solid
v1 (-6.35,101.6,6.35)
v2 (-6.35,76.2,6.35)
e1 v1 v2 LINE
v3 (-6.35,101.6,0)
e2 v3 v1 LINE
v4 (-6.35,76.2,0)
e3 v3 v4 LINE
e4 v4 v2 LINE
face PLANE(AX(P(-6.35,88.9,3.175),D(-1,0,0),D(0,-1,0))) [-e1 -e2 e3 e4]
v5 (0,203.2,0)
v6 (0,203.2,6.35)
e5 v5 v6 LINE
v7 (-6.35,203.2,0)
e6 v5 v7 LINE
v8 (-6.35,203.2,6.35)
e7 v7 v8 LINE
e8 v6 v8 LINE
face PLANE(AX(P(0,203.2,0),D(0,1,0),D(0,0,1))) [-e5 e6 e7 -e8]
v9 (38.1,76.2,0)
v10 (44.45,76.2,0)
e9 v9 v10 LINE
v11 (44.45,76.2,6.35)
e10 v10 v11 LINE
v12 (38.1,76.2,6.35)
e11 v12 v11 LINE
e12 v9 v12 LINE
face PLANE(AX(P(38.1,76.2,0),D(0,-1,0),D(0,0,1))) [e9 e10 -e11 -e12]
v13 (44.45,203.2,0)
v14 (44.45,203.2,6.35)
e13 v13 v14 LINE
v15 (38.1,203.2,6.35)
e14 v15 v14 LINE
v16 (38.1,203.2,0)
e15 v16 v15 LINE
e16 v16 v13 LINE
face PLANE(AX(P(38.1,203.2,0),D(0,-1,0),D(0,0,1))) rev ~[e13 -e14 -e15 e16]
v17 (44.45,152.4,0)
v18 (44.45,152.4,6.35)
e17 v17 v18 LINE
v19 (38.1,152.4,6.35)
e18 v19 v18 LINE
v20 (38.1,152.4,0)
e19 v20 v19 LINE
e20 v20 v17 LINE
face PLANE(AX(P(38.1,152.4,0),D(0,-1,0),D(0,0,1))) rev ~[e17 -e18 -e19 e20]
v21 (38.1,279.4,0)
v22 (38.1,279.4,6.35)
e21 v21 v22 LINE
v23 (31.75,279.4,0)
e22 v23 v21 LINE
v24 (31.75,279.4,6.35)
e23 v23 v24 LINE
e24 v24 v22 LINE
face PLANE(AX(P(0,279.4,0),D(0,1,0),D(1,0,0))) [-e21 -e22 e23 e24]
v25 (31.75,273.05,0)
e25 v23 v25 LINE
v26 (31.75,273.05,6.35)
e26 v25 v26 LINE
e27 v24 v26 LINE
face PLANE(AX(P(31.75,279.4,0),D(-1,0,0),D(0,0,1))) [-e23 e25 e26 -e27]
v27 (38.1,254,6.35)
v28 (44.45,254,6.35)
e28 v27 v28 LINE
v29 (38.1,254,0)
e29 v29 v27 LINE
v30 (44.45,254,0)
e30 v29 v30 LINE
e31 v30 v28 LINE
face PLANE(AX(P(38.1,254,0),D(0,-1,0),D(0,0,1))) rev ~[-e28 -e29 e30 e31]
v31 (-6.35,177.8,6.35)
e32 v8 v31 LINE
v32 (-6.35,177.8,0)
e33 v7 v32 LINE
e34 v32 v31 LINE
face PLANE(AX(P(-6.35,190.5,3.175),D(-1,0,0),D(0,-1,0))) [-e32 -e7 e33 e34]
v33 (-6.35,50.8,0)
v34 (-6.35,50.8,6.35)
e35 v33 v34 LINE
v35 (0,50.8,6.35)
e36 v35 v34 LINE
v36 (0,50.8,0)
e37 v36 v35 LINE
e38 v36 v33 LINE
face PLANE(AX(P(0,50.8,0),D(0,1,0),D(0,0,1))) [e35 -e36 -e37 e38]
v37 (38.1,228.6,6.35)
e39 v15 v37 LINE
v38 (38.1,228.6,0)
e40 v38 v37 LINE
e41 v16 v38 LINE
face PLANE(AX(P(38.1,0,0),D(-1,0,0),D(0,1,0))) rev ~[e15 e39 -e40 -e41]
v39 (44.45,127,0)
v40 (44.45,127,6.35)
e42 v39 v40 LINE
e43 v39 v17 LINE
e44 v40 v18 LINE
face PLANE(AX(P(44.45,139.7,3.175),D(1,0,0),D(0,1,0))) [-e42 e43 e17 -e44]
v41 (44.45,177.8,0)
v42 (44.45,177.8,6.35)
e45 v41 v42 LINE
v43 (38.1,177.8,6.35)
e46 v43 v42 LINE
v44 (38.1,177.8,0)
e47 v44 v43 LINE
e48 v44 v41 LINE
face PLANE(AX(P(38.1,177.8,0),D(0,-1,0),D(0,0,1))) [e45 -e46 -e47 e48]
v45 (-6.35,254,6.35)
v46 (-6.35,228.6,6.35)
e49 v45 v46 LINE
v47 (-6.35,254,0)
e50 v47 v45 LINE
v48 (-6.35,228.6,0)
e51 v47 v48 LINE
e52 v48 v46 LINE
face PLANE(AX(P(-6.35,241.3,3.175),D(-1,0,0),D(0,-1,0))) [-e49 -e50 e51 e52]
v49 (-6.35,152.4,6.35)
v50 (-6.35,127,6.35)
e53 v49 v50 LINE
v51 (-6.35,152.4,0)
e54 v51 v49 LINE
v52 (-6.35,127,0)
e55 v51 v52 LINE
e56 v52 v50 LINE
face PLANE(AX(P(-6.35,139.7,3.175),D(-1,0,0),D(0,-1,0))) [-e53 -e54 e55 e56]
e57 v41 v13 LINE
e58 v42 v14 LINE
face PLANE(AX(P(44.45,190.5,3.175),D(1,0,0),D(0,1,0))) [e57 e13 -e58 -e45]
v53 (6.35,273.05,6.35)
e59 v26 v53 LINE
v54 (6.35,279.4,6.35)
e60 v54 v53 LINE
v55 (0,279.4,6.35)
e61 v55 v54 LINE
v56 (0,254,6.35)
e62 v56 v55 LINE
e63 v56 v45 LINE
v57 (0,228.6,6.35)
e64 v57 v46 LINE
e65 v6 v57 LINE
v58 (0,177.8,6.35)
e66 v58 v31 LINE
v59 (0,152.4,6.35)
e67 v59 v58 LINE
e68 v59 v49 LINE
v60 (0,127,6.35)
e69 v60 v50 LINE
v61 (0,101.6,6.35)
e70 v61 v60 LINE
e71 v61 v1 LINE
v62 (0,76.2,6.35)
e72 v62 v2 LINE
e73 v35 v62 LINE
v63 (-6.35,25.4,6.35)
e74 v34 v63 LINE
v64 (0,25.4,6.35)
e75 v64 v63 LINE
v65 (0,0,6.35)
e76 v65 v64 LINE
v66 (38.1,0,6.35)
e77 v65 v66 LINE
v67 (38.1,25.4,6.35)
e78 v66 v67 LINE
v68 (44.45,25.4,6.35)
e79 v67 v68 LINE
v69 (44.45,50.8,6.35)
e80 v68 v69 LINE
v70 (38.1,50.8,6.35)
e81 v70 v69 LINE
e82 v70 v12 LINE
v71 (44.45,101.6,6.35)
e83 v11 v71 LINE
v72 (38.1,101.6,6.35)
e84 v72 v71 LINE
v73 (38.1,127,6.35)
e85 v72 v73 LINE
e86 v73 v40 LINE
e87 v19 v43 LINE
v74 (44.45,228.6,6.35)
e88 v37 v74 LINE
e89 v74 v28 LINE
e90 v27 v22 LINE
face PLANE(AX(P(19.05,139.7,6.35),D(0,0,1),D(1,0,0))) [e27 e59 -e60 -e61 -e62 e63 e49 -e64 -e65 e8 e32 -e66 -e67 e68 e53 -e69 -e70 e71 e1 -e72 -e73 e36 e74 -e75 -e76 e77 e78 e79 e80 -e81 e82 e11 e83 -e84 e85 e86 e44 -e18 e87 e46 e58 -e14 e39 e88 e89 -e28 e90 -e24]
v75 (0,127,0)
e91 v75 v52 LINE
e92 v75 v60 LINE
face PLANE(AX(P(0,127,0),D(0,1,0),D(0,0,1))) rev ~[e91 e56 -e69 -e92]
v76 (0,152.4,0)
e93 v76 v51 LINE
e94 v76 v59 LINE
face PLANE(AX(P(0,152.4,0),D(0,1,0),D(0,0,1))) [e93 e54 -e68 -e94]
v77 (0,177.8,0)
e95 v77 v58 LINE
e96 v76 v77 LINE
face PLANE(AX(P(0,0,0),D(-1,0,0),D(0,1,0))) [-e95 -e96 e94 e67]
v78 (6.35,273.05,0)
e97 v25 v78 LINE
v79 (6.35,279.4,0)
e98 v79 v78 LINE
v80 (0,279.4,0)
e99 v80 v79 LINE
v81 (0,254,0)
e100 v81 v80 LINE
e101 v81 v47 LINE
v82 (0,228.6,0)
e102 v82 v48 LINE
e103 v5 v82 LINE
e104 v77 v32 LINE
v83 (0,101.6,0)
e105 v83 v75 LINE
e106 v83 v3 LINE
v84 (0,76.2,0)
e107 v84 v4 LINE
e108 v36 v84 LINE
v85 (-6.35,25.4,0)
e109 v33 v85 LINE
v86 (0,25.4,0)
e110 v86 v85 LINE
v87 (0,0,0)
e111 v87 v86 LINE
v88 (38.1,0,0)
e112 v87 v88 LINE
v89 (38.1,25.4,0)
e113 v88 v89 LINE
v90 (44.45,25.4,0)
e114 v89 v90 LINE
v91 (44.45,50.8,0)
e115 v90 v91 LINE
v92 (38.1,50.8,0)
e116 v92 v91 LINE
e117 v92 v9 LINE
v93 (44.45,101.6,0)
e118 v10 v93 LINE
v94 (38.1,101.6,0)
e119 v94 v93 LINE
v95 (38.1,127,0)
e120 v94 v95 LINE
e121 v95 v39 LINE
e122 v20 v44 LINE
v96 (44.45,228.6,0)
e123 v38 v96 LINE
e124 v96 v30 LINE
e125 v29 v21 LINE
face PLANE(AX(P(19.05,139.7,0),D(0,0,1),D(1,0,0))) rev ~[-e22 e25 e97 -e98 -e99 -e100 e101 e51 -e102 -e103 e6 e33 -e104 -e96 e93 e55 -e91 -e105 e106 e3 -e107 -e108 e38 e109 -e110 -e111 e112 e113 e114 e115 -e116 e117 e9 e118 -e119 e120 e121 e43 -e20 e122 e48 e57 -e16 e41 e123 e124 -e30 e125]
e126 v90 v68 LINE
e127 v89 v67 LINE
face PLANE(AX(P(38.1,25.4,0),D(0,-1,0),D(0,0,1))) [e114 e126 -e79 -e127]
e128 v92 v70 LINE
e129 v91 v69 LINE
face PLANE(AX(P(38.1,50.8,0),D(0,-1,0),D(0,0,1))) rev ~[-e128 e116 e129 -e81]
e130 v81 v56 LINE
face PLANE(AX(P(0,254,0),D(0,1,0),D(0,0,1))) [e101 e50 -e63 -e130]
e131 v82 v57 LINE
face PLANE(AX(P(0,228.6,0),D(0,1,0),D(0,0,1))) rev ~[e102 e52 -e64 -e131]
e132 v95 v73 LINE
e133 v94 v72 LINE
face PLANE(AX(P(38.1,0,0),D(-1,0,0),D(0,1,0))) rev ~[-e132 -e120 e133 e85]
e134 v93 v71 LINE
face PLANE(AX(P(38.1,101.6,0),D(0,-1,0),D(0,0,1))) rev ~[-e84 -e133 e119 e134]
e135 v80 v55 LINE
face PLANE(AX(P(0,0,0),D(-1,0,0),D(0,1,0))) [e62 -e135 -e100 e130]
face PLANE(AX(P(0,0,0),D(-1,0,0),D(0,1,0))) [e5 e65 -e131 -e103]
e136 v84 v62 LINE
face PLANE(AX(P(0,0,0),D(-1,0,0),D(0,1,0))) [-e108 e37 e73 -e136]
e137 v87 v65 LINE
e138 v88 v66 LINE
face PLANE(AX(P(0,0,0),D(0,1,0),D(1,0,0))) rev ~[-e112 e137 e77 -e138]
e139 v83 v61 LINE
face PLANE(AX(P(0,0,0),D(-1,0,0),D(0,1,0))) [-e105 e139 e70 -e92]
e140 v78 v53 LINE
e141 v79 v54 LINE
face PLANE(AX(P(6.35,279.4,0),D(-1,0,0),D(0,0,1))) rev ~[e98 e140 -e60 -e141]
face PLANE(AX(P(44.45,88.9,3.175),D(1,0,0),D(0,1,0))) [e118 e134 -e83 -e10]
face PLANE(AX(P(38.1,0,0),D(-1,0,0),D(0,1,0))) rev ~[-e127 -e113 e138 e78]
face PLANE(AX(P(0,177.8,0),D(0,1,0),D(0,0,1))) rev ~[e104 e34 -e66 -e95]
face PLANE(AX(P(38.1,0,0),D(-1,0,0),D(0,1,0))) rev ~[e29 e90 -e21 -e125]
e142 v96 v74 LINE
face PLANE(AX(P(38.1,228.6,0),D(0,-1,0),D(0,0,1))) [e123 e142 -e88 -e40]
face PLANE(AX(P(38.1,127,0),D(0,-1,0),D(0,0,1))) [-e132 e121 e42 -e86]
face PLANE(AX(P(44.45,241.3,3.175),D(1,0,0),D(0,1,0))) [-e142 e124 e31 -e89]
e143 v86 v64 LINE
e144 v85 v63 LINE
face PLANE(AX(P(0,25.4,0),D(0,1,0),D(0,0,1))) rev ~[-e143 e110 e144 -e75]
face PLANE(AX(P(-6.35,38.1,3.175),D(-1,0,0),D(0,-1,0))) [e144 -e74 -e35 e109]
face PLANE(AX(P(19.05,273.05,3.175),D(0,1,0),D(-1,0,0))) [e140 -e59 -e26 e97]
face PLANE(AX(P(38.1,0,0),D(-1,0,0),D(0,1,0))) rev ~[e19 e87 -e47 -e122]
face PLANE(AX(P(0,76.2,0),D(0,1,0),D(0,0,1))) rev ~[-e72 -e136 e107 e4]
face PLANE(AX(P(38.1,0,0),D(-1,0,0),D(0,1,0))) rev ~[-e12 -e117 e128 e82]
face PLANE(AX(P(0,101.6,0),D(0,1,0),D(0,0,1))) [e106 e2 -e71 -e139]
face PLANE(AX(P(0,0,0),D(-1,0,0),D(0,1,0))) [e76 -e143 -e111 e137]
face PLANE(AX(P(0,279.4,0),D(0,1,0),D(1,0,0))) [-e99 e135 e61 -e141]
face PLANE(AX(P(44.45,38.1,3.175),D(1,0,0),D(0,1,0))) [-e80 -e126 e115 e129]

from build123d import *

# Parameters (mm, degrees)
F0_W     = 38.1
F0_H     = 279.4
F1_DEPTH = 6.35
F2_W     = 25.4
F2_H     = 6.35
F4_DEPTH = 6.35
F3_W     = 25.4
F3_H     = 6.35
F5_DEPTH = 6.35
F6_W     = 25.4
F6_H     = 6.35
F7_DEPTH = 6.35


with BuildPart() as f1:
    # F0 (on Top) → F1 (new body)
    with BuildSketch(Plane.XY):
        with Locations((19.05, 139.7)):
            Rectangle(F0_W, F0_H)
    extrude(amount=F1_DEPTH)

    # F2 (on face) → F4 (join)
    with BuildSketch(Plane.YZ.offset(38.1)):
        with Locations((241.3, 3.175)):
            Rectangle(F2_W, F2_H)
        with Locations((190.5, 3.175)):
            Rectangle(F2_W, F2_H)
        with Locations((139.7, 3.175)):
            Rectangle(F2_W, F2_H)
        with Locations((88.9, 3.175)):
            Rectangle(F2_W, F2_H)
        with Locations((38.1, 3.175)):
            Rectangle(F2_W, F2_H)
    extrude(amount=F4_DEPTH)

    # F3 (on face) → F5 (join)
    with BuildSketch(Plane(origin=(0, 0, 0), x_dir=(0, -1, 0), z_dir=(-1, 0, 0))):
        with Locations((-38.1, 3.175)):
            Rectangle(F3_W, F3_H)
        with Locations((-88.9, 3.175)):
            Rectangle(F3_W, F3_H)
        with Locations((-139.7, 3.175)):
            Rectangle(F3_W, F3_H)
        with Locations((-190.5, 3.175)):
            Rectangle(F3_W, F3_H)
        with Locations((-241.3, 3.175)):
            Rectangle(F3_W, F3_H)
    extrude(amount=F5_DEPTH)

    # F6 (on face) → F7 (cut)
    with BuildSketch(Plane(origin=(0, 279.4, 0), x_dir=(-1, 0, 0), z_dir=(0, 1, 0))):
        with Locations((-19.05, 3.175)):
            Rectangle(F6_W, F6_H)
    extrude(amount=-F7_DEPTH, mode=Mode.SUBTRACT)


solid = f1.part
